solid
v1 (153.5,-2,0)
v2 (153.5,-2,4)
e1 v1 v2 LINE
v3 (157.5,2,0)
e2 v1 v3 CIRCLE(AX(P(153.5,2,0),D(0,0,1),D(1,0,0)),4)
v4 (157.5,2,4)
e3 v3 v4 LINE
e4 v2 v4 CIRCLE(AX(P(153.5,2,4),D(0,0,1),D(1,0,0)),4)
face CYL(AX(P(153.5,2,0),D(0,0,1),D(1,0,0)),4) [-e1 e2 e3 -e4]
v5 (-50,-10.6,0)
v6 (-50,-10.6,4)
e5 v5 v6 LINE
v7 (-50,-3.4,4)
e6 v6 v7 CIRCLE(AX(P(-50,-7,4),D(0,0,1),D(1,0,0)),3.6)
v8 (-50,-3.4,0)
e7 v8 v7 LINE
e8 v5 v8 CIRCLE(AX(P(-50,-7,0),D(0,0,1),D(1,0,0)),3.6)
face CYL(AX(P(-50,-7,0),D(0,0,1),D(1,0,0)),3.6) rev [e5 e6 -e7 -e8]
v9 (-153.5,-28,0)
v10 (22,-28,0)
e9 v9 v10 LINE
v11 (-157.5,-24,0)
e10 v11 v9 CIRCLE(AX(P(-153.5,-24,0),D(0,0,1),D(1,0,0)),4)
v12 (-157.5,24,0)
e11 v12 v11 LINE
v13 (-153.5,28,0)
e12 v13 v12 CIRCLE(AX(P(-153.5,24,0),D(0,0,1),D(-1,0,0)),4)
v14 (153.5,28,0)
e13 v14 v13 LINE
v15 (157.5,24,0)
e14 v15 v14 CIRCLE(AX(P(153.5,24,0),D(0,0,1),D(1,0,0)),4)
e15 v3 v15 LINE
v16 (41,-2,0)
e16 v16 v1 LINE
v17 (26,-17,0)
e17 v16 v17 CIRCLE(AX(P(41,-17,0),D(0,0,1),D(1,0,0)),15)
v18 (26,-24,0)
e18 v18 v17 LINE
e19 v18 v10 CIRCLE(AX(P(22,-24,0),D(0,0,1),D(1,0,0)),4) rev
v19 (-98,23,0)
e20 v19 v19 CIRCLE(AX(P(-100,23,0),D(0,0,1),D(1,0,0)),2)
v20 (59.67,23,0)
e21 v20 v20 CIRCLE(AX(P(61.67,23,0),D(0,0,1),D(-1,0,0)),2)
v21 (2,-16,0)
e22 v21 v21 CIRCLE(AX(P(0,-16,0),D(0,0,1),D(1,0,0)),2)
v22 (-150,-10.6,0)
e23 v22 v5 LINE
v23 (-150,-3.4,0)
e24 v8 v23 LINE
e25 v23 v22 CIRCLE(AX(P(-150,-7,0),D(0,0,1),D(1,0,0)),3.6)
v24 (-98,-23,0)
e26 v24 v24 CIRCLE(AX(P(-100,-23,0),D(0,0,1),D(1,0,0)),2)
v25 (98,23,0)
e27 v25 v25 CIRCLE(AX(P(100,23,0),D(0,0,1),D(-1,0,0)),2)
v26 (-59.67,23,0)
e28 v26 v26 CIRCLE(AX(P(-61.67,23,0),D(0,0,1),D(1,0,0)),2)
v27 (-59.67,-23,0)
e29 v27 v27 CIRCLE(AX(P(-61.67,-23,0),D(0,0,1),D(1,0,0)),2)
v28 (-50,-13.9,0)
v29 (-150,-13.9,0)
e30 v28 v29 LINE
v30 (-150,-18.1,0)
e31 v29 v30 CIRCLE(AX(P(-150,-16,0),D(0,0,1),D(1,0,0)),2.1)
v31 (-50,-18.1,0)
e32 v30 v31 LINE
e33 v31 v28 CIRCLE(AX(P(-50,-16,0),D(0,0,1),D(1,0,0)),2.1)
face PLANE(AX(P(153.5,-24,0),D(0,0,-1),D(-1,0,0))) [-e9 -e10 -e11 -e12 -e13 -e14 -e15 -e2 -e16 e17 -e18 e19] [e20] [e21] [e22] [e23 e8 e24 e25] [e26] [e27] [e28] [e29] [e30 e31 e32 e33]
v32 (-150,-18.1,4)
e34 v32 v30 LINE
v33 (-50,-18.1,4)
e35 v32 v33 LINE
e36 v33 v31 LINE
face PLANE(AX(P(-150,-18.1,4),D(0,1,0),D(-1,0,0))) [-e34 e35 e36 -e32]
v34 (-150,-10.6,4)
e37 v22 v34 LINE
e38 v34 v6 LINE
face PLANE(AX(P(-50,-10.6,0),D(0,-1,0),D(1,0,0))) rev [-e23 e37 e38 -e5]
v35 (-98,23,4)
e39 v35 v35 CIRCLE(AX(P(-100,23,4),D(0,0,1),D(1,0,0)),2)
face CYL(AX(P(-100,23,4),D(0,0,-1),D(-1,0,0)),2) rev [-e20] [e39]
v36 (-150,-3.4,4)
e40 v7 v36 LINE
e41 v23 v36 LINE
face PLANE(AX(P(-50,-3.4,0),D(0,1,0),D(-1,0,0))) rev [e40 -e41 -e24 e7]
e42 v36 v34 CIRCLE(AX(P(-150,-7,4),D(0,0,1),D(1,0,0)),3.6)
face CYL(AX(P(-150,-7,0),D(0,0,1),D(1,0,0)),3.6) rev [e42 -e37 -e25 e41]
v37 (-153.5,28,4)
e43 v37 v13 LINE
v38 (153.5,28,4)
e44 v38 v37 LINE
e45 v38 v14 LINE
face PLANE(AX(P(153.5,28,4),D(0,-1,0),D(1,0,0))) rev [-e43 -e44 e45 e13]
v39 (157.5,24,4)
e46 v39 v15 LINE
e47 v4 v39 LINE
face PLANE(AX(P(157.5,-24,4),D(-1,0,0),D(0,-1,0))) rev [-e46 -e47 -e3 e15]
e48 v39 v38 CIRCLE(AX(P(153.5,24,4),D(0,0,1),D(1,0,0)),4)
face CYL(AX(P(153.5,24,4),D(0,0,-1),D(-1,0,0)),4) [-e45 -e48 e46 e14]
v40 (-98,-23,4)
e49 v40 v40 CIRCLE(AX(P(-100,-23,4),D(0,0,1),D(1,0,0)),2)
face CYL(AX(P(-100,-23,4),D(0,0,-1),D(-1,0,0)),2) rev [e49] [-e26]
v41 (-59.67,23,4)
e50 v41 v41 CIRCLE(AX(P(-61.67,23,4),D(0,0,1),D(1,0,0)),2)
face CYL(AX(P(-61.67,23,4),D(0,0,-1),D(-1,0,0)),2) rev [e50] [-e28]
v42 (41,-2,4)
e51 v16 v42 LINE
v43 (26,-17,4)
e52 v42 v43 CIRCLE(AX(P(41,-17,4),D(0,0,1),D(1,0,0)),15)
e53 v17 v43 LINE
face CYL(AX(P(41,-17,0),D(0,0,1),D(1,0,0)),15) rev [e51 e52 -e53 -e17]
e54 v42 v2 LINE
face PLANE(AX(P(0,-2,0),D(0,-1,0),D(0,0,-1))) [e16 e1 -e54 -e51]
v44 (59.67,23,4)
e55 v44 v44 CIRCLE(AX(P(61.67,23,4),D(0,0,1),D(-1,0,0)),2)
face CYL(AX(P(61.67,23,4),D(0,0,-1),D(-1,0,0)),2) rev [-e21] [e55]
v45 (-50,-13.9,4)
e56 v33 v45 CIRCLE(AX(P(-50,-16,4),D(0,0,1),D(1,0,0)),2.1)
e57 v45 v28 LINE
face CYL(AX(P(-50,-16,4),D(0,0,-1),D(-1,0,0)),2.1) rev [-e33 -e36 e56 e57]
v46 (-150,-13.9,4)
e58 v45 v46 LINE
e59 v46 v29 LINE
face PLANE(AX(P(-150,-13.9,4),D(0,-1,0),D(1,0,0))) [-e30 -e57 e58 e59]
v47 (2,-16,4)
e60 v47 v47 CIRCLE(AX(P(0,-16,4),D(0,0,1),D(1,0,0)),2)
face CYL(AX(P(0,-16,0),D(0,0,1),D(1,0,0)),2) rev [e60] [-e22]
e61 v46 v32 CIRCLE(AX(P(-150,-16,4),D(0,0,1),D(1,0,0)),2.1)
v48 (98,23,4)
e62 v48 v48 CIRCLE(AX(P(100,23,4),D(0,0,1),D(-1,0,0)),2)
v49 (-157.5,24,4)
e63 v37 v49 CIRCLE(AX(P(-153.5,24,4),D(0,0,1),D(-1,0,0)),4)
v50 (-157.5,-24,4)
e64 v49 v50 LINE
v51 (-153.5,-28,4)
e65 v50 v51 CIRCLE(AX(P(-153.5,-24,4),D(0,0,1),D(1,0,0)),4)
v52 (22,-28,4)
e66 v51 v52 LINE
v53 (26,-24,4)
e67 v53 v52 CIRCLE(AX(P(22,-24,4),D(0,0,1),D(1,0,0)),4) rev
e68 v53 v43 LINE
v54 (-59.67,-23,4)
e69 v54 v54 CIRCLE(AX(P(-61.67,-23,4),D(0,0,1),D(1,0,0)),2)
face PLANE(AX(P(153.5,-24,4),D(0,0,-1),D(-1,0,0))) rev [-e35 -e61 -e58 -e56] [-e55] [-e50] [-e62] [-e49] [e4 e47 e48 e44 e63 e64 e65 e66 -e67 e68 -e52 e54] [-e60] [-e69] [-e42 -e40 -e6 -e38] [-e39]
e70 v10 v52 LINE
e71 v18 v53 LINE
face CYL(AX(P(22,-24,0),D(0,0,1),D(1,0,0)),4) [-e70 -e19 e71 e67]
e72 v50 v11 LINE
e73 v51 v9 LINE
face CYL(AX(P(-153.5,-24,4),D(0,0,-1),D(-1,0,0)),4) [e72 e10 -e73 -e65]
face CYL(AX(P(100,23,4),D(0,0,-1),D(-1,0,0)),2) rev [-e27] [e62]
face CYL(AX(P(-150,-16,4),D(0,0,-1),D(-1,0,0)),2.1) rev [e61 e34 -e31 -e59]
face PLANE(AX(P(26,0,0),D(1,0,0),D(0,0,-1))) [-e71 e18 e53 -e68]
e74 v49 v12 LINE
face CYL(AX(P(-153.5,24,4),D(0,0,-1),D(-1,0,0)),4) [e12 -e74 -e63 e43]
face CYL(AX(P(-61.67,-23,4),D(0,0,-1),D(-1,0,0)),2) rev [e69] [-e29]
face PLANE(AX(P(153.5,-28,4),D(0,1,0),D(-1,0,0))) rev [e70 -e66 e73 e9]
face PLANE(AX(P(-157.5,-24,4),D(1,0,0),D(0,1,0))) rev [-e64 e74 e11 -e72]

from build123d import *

# Parameters (mm, degrees)
SKETCH_1_R          = 2
EXTRUDE_1_DEPTH     = 4
CUT_EXTRUDE_1_DEPTH = 4
EXTRUDE_2_DEPTH     = 4
EXTRUDE_3_DEPTH     = 4
SKETCH_18_R         = 2
CUT_EXTRUDE_2_DEPTH = 5
CUT_EXTRUDE_3_DEPTH = 5


with BuildPart() as part:
    # 草图1 → 凸台-拉伸1 (new body)
    with BuildSketch(Plane.XY):
        with BuildLine():
            Line((153.5, -28), (-153.5, -28))
            ThreePointArc((-153.5, -28), (-156.328427125, -26.828427125), (-157.5, -24))
            Line((-157.5, -24), (-157.5, 24))
            ThreePointArc((-157.5, 24), (-156.328427125, 26.828427125), (-153.5, 28))
            Line((-153.5, 28), (153.5, 28))
            ThreePointArc((153.5, 28), (156.328427125, 26.828427125), (157.5, 24))
            Line((157.5, 24), (157.5, -24))
            ThreePointArc((157.5, -24), (156.328427125, -26.828427125), (153.5, -28))
        make_face()
        with Locations((-100, 23)):
            Circle(SKETCH_1_R, mode=Mode.SUBTRACT)
        with Locations((-61.67, 23)):
            Circle(SKETCH_1_R, mode=Mode.SUBTRACT)
        with Locations((-100, -23)):
            Circle(SKETCH_1_R, mode=Mode.SUBTRACT)
        with Locations((-61.67, -23)):
            Circle(SKETCH_1_R, mode=Mode.SUBTRACT)
        with Locations((100, -23)):
            Circle(SKETCH_1_R, mode=Mode.SUBTRACT)
        with Locations((61.67, -23)):
            Circle(SKETCH_1_R, mode=Mode.SUBTRACT)
        with Locations((61.67, 23)):
            Circle(SKETCH_1_R, mode=Mode.SUBTRACT)
        with Locations((100, 23)):
            Circle(SKETCH_1_R, mode=Mode.SUBTRACT)
        with BuildLine():
            Line((-150, -13.9), (-50, -13.9))
            ThreePointArc((-50, -13.9), (-47.9, -16), (-50, -18.1))
            Line((-50, -18.1), (-150, -18.1))
            ThreePointArc((-150, -18.1), (-152.1, -16), (-150, -13.9))
        make_face(mode=Mode.SUBTRACT)
    extrude(amount=EXTRUDE_1_DEPTH)

    # 草图2 → 切除-拉伸1 (cut)
    with BuildSketch(Plane.XY.offset(4)):
        with BuildLine():
            Line((0, -12), (0, -24))
            ThreePointArc((0, -24), (-1.171572875, -26.828427125), (-4, -28))
            Line((-4, -28), (0, -28))
            Line((0, -28), (157.5, -28))
            Line((157.5, -28), (157.5, -2))
            Line((157.5, -2), (157.5, 2))
            ThreePointArc((157.5, 2), (156.328427125, -0.828427125), (153.5, -2))
            Line((153.5, -2), (146.462792112, -2))
            Line((146.462792112, -2), (108, -2))
            Line((108, -2), (10, -2))
            ThreePointArc((10, -2), (2.928932188, -4.928932188), (0, -12))
        make_face()
    extrude(amount=-CUT_EXTRUDE_1_DEPTH, mode=Mode.SUBTRACT)

    # 草图3 → 凸台-拉伸2 (add)
    with BuildSketch(Plane.XY.offset(4)):
        with BuildLine():
            Line((-4, 28), (-4, -28))
            ThreePointArc((-4, -28), (-1.171572875, -26.828427125), (0, -24))
            Line((0, -24), (0, -12))
            ThreePointArc((0, -12), (2.928932188, -4.928932188), (10, -2))
            Line((10, -2), (26, -2))
            Line((26, -2), (26, 24))
            ThreePointArc((26, 24), (27.171572875, 26.828427125), (30, 28))
            Line((30, 28), (26, 28))
            Line((26, 28), (-4, 28))
        make_face()
        with BuildLine():
            ThreePointArc((0, -24), (-1.171572875, -26.828427125), (-4, -28))
            Line((-4, -28), (22, -28))
            ThreePointArc((22, -28), (24.828427125, -26.828427125), (26, -24))
            Line((26, -24), (26, -2))
            Line((26, -2), (10, -2))
            ThreePointArc((10, -2), (2.928932188, -4.928932188), (0, -12))
            Line((0, -12), (0, -24))
        make_face()
    extrude(amount=-EXTRUDE_2_DEPTH)

    # 草图17 → 凸台-拉伸3 (add)
    with BuildSketch(Plane.XY.offset(4)):
        with BuildLine():
            Line((26, -2), (26, -8.742458912))
            Line((26, -8.742458912), (26, -17))
            ThreePointArc((26, -17), (30.393398282, -6.393398282), (41, -2))
            Line((41, -2), (26, -2))
        make_face()
    extrude(amount=-EXTRUDE_3_DEPTH)

    # 草图18 → 切除-拉伸2 (cut, through all)
    with BuildSketch(Plane.XY.offset(4)):
        with Locations((0, -16)):
            Circle(SKETCH_18_R)
    extrude(amount=-CUT_EXTRUDE_2_DEPTH, mode=Mode.SUBTRACT)

    # 草图19 → 切除-拉伸3 (cut, through all)
    with BuildSketch(Plane.XY.offset(4)):
        with BuildLine():
            Line((-50, -10.6), (-150, -10.6))
            ThreePointArc((-150, -10.6), (-153.6, -7), (-150, -3.4))
            Line((-150, -3.4), (-50, -3.4))
            ThreePointArc((-50, -3.4), (-46.4, -7), (-50, -10.6))
        make_face()
    extrude(amount=-CUT_EXTRUDE_3_DEPTH, mode=Mode.SUBTRACT)


solid = part.part
